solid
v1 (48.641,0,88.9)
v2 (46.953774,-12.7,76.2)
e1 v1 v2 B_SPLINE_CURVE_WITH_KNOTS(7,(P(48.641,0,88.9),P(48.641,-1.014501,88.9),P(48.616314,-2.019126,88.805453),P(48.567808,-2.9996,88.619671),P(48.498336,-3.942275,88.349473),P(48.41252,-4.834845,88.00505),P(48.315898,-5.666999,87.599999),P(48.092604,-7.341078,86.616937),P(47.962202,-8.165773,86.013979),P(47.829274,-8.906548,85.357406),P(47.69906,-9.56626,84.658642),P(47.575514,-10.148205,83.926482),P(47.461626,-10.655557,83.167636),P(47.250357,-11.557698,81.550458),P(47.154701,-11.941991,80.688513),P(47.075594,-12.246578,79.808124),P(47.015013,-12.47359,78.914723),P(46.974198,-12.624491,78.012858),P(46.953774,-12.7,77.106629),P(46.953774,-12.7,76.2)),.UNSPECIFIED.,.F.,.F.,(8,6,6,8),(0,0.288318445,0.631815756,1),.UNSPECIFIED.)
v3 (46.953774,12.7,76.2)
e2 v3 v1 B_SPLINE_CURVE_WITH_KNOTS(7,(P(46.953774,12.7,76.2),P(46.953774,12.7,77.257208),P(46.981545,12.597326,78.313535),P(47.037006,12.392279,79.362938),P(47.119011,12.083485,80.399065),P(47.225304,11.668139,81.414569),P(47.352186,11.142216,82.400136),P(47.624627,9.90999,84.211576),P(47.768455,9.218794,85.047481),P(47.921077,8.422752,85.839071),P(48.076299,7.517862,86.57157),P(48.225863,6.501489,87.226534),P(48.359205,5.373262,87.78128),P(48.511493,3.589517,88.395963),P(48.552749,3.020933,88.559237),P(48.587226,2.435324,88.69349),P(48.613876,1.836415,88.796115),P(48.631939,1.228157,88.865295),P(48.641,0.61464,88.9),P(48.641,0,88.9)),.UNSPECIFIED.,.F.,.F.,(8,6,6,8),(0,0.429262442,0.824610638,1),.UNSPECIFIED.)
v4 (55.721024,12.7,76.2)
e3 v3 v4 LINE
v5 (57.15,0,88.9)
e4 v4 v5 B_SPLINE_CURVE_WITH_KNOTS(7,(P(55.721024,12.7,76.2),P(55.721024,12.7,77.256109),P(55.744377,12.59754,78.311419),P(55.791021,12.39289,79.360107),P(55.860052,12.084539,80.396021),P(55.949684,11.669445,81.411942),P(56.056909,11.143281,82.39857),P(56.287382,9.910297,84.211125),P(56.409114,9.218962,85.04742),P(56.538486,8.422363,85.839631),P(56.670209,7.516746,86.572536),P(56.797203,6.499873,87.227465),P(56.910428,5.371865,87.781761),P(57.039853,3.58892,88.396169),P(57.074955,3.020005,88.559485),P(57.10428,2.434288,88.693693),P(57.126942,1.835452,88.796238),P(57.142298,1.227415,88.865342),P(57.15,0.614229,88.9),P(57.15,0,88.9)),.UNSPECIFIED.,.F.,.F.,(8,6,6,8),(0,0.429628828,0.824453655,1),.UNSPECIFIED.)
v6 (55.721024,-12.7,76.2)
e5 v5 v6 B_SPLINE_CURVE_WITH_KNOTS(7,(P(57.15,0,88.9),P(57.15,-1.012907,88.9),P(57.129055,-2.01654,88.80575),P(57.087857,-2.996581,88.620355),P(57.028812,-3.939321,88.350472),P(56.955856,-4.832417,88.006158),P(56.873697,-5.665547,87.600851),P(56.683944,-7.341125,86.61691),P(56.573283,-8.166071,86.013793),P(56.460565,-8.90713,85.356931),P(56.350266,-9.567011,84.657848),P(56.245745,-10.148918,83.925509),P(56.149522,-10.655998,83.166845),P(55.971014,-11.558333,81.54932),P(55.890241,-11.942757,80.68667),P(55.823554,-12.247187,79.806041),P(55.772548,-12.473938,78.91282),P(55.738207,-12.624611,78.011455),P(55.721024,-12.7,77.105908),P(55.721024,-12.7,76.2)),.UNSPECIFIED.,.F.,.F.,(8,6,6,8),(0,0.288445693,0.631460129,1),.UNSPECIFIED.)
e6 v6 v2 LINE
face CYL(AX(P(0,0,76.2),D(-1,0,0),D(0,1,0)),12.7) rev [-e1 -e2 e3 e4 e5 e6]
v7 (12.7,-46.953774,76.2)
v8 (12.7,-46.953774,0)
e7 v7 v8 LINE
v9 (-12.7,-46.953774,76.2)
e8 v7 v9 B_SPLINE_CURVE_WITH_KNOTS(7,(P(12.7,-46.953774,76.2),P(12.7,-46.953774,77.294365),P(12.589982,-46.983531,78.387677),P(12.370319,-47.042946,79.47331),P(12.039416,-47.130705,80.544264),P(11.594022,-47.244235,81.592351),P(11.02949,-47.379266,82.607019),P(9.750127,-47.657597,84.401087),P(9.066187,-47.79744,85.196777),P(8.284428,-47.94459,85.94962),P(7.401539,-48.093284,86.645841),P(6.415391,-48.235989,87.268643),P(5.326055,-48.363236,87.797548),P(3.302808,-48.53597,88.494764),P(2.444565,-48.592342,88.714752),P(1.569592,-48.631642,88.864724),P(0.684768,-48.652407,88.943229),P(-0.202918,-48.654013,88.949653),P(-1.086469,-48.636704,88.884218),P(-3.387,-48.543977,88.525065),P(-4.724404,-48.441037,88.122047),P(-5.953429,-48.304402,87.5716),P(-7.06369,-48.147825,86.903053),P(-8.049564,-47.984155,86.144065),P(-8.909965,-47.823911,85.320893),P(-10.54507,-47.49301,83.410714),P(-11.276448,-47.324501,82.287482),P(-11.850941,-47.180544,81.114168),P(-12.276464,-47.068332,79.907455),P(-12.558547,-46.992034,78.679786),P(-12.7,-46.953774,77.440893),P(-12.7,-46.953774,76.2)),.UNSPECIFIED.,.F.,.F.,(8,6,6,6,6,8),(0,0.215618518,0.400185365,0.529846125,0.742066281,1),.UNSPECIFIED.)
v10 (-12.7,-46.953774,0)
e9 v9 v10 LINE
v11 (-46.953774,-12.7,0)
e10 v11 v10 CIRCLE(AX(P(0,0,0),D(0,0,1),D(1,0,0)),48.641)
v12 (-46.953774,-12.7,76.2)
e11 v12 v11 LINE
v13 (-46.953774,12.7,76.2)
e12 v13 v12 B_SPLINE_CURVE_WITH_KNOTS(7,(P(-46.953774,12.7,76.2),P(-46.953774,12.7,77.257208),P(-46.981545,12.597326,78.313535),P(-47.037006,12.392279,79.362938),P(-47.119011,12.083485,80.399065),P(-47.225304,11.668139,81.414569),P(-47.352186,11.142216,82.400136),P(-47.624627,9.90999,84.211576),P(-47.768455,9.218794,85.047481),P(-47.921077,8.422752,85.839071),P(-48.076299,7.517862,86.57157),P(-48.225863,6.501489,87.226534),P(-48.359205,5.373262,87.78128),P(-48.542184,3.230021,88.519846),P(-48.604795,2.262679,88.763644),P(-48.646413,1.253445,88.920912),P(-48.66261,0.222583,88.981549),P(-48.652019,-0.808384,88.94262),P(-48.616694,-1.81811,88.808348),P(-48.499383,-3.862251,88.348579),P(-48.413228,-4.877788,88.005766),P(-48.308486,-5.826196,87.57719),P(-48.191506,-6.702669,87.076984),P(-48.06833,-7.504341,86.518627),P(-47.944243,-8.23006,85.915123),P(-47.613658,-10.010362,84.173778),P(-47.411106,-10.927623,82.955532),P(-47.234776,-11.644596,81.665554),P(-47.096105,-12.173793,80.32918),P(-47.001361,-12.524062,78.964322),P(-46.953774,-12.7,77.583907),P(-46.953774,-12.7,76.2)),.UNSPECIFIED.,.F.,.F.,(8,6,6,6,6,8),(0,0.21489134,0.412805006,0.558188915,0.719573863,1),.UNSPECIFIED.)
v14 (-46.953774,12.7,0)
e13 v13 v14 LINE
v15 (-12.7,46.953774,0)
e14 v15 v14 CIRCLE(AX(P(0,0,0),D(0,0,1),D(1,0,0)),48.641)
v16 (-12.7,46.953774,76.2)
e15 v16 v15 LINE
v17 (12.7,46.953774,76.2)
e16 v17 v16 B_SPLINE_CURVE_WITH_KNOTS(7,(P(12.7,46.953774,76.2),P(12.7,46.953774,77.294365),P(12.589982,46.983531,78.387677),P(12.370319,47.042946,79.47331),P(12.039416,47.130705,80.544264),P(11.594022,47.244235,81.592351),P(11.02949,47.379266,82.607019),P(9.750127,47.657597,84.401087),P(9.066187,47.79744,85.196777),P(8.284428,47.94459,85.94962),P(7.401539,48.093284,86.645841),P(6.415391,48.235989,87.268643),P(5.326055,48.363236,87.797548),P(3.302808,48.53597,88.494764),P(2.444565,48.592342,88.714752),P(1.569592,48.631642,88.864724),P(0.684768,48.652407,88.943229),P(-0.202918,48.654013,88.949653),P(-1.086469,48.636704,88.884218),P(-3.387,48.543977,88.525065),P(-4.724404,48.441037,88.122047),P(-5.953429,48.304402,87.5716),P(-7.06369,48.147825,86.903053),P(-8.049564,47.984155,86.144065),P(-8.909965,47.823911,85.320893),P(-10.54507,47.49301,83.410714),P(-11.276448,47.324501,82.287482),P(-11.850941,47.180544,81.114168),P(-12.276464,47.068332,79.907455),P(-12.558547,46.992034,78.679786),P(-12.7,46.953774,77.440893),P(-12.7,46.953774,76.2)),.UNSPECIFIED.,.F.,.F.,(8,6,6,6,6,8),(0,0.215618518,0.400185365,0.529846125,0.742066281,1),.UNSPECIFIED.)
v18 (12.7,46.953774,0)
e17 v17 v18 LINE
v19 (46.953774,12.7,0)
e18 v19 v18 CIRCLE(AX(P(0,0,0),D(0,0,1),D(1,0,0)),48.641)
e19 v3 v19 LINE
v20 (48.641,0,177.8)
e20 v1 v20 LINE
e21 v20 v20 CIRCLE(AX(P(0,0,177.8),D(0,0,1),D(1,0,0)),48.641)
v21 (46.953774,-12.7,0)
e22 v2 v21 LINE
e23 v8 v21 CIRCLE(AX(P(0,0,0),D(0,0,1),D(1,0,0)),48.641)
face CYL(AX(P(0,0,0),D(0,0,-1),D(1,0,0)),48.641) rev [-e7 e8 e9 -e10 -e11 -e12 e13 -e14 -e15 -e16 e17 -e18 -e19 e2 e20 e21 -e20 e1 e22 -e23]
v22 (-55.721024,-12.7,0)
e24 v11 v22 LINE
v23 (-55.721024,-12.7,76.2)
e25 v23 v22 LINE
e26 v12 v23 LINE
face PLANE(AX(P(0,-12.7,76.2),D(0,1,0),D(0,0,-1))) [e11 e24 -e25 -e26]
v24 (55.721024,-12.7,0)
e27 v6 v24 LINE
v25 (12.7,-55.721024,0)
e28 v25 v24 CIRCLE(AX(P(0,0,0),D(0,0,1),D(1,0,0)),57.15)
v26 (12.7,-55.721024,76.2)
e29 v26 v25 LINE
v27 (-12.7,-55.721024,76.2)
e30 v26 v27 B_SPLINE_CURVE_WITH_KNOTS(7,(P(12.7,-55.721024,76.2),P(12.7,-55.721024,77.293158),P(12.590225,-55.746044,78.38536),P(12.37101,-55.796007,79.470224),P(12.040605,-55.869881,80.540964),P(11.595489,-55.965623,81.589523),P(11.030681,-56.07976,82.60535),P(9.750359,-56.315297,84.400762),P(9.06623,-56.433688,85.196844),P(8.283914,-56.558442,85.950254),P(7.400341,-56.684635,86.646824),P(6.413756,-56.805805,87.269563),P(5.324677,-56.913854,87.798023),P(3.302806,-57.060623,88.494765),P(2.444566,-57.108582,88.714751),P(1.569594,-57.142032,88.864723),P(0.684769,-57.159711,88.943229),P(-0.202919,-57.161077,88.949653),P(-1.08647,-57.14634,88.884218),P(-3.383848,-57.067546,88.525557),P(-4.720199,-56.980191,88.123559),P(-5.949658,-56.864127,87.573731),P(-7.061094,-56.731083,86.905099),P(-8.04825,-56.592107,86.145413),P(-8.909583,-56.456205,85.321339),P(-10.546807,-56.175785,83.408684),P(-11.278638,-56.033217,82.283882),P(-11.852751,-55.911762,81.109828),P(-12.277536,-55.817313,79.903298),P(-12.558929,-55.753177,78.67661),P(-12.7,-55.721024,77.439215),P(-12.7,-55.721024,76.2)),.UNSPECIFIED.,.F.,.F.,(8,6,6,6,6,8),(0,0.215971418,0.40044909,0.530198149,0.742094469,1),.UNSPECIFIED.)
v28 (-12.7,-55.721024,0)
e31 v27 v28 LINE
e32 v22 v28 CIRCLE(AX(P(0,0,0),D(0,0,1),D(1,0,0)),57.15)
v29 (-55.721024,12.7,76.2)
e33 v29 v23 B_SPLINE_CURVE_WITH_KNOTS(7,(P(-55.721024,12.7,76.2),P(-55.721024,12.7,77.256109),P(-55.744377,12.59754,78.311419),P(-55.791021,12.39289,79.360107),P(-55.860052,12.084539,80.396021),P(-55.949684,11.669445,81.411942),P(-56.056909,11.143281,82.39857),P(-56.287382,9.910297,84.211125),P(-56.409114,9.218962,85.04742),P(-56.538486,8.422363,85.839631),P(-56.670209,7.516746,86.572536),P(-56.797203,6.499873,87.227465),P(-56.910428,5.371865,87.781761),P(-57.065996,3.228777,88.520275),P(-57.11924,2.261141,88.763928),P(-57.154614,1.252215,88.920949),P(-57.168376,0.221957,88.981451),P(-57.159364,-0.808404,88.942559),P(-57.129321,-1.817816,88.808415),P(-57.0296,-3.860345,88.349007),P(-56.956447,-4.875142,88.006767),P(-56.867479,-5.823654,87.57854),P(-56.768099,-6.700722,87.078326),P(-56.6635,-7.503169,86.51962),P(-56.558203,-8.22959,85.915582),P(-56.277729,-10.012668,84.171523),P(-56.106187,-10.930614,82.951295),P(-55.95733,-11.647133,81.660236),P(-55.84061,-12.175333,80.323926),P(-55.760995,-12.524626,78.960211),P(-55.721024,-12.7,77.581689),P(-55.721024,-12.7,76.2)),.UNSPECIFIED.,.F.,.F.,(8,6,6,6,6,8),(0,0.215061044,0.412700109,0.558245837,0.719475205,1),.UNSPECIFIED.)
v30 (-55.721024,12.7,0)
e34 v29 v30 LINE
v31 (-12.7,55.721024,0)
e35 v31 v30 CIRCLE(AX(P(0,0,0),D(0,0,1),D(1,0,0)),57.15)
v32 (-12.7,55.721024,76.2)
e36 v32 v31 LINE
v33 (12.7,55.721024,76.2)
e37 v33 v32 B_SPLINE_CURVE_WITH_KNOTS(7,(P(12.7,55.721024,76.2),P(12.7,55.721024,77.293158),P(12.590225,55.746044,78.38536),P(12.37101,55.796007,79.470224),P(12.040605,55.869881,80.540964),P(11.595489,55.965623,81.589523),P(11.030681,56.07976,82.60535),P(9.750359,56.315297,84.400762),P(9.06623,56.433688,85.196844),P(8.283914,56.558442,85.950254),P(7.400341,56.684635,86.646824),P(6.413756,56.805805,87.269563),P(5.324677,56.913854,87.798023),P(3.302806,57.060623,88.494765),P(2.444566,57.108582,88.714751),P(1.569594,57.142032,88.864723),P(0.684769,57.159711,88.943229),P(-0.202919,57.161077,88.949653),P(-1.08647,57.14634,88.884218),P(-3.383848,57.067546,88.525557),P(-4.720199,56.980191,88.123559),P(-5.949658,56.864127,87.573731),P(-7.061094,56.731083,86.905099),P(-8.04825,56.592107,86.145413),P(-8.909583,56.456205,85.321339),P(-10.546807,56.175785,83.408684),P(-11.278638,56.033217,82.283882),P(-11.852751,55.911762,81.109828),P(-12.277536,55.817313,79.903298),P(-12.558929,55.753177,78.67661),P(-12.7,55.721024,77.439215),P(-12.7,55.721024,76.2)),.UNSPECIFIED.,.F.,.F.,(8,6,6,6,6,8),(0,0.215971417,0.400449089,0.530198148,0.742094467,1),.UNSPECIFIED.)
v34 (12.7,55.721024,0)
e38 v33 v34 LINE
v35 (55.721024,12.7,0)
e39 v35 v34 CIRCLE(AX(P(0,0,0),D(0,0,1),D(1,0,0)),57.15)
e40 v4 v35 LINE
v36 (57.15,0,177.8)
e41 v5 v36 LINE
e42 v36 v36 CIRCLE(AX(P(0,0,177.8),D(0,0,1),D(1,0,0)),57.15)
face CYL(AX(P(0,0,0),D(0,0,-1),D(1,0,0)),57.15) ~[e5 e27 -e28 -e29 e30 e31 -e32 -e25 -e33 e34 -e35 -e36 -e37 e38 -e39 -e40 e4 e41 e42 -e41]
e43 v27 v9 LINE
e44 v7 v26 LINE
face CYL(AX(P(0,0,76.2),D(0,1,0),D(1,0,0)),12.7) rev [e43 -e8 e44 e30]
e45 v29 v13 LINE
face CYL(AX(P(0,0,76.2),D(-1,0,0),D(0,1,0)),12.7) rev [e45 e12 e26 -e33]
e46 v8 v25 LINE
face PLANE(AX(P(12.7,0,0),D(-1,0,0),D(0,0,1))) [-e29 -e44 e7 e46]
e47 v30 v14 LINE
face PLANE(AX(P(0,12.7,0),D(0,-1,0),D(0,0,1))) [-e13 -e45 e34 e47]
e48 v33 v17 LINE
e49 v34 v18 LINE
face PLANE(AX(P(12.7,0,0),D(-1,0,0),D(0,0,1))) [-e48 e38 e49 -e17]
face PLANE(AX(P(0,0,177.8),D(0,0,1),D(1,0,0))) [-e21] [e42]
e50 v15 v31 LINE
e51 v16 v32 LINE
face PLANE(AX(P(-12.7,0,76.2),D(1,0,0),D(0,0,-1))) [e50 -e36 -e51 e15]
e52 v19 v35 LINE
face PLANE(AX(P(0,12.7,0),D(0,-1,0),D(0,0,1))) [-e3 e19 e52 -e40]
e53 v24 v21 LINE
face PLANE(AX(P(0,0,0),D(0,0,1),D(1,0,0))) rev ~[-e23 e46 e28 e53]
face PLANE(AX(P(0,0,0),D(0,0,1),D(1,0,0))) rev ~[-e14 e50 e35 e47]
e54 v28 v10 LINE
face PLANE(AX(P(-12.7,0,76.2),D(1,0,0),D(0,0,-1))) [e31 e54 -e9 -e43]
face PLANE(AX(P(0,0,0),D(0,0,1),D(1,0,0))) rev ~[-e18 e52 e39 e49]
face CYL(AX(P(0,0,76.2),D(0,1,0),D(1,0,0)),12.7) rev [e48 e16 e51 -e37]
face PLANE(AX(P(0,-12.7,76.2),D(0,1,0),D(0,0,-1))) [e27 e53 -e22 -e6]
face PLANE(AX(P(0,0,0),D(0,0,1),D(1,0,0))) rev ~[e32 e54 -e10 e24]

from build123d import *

# Parameters (mm, degrees)
SKETCH12_R          = 57.15
SKETCH12_R_2        = 48.641
BOSS_EXTRUDE1_DEPTH = 177.8
CUT_EXTRUDE1_DEPTH  = 196.30766754
CIRPATTERN1_COUNT   = 2
CIRPATTERN1_ANGLE   = 90


with BuildPart() as part:
    # Sketch12 → Boss-Extrude1 (new body)
    with BuildSketch(Plane.XY):
        Circle(SKETCH12_R)
        Circle(SKETCH12_R_2, mode=Mode.SUBTRACT)
    extrude(amount=BOSS_EXTRUDE1_DEPTH)

    # Sketch13 → Cut-Extrude1 (cut, symmetric)
    with BuildSketch(Plane(origin=(0, 0, 0), x_dir=(1, 0, 0), z_dir=(0, 1, 0))):
        with BuildLine():
            Line((-12.7, 0), (12.7, 0))
            Line((12.7, 0), (12.7, -76.2))
            ThreePointArc((12.7, -76.2), (0, -88.9), (-12.7, -76.2))
            Line((-12.7, -76.2), (-12.7, 0))
        make_face()
    cut_extrude1 = extrude(amount=CUT_EXTRUDE1_DEPTH, both=True, mode=Mode.SUBTRACT)

    # CirPattern1: Cut-Extrude1 ×2 about axis
    cirpattern1_axis = Axis((0, 0, 0), (0, 0, 1))
    for i in range(1, CIRPATTERN1_COUNT):
        add(cut_extrude1.rotate(cirpattern1_axis, i * CIRPATTERN1_ANGLE / (CIRPATTERN1_COUNT - 1)), mode=Mode.SUBTRACT)


solid = part.part
